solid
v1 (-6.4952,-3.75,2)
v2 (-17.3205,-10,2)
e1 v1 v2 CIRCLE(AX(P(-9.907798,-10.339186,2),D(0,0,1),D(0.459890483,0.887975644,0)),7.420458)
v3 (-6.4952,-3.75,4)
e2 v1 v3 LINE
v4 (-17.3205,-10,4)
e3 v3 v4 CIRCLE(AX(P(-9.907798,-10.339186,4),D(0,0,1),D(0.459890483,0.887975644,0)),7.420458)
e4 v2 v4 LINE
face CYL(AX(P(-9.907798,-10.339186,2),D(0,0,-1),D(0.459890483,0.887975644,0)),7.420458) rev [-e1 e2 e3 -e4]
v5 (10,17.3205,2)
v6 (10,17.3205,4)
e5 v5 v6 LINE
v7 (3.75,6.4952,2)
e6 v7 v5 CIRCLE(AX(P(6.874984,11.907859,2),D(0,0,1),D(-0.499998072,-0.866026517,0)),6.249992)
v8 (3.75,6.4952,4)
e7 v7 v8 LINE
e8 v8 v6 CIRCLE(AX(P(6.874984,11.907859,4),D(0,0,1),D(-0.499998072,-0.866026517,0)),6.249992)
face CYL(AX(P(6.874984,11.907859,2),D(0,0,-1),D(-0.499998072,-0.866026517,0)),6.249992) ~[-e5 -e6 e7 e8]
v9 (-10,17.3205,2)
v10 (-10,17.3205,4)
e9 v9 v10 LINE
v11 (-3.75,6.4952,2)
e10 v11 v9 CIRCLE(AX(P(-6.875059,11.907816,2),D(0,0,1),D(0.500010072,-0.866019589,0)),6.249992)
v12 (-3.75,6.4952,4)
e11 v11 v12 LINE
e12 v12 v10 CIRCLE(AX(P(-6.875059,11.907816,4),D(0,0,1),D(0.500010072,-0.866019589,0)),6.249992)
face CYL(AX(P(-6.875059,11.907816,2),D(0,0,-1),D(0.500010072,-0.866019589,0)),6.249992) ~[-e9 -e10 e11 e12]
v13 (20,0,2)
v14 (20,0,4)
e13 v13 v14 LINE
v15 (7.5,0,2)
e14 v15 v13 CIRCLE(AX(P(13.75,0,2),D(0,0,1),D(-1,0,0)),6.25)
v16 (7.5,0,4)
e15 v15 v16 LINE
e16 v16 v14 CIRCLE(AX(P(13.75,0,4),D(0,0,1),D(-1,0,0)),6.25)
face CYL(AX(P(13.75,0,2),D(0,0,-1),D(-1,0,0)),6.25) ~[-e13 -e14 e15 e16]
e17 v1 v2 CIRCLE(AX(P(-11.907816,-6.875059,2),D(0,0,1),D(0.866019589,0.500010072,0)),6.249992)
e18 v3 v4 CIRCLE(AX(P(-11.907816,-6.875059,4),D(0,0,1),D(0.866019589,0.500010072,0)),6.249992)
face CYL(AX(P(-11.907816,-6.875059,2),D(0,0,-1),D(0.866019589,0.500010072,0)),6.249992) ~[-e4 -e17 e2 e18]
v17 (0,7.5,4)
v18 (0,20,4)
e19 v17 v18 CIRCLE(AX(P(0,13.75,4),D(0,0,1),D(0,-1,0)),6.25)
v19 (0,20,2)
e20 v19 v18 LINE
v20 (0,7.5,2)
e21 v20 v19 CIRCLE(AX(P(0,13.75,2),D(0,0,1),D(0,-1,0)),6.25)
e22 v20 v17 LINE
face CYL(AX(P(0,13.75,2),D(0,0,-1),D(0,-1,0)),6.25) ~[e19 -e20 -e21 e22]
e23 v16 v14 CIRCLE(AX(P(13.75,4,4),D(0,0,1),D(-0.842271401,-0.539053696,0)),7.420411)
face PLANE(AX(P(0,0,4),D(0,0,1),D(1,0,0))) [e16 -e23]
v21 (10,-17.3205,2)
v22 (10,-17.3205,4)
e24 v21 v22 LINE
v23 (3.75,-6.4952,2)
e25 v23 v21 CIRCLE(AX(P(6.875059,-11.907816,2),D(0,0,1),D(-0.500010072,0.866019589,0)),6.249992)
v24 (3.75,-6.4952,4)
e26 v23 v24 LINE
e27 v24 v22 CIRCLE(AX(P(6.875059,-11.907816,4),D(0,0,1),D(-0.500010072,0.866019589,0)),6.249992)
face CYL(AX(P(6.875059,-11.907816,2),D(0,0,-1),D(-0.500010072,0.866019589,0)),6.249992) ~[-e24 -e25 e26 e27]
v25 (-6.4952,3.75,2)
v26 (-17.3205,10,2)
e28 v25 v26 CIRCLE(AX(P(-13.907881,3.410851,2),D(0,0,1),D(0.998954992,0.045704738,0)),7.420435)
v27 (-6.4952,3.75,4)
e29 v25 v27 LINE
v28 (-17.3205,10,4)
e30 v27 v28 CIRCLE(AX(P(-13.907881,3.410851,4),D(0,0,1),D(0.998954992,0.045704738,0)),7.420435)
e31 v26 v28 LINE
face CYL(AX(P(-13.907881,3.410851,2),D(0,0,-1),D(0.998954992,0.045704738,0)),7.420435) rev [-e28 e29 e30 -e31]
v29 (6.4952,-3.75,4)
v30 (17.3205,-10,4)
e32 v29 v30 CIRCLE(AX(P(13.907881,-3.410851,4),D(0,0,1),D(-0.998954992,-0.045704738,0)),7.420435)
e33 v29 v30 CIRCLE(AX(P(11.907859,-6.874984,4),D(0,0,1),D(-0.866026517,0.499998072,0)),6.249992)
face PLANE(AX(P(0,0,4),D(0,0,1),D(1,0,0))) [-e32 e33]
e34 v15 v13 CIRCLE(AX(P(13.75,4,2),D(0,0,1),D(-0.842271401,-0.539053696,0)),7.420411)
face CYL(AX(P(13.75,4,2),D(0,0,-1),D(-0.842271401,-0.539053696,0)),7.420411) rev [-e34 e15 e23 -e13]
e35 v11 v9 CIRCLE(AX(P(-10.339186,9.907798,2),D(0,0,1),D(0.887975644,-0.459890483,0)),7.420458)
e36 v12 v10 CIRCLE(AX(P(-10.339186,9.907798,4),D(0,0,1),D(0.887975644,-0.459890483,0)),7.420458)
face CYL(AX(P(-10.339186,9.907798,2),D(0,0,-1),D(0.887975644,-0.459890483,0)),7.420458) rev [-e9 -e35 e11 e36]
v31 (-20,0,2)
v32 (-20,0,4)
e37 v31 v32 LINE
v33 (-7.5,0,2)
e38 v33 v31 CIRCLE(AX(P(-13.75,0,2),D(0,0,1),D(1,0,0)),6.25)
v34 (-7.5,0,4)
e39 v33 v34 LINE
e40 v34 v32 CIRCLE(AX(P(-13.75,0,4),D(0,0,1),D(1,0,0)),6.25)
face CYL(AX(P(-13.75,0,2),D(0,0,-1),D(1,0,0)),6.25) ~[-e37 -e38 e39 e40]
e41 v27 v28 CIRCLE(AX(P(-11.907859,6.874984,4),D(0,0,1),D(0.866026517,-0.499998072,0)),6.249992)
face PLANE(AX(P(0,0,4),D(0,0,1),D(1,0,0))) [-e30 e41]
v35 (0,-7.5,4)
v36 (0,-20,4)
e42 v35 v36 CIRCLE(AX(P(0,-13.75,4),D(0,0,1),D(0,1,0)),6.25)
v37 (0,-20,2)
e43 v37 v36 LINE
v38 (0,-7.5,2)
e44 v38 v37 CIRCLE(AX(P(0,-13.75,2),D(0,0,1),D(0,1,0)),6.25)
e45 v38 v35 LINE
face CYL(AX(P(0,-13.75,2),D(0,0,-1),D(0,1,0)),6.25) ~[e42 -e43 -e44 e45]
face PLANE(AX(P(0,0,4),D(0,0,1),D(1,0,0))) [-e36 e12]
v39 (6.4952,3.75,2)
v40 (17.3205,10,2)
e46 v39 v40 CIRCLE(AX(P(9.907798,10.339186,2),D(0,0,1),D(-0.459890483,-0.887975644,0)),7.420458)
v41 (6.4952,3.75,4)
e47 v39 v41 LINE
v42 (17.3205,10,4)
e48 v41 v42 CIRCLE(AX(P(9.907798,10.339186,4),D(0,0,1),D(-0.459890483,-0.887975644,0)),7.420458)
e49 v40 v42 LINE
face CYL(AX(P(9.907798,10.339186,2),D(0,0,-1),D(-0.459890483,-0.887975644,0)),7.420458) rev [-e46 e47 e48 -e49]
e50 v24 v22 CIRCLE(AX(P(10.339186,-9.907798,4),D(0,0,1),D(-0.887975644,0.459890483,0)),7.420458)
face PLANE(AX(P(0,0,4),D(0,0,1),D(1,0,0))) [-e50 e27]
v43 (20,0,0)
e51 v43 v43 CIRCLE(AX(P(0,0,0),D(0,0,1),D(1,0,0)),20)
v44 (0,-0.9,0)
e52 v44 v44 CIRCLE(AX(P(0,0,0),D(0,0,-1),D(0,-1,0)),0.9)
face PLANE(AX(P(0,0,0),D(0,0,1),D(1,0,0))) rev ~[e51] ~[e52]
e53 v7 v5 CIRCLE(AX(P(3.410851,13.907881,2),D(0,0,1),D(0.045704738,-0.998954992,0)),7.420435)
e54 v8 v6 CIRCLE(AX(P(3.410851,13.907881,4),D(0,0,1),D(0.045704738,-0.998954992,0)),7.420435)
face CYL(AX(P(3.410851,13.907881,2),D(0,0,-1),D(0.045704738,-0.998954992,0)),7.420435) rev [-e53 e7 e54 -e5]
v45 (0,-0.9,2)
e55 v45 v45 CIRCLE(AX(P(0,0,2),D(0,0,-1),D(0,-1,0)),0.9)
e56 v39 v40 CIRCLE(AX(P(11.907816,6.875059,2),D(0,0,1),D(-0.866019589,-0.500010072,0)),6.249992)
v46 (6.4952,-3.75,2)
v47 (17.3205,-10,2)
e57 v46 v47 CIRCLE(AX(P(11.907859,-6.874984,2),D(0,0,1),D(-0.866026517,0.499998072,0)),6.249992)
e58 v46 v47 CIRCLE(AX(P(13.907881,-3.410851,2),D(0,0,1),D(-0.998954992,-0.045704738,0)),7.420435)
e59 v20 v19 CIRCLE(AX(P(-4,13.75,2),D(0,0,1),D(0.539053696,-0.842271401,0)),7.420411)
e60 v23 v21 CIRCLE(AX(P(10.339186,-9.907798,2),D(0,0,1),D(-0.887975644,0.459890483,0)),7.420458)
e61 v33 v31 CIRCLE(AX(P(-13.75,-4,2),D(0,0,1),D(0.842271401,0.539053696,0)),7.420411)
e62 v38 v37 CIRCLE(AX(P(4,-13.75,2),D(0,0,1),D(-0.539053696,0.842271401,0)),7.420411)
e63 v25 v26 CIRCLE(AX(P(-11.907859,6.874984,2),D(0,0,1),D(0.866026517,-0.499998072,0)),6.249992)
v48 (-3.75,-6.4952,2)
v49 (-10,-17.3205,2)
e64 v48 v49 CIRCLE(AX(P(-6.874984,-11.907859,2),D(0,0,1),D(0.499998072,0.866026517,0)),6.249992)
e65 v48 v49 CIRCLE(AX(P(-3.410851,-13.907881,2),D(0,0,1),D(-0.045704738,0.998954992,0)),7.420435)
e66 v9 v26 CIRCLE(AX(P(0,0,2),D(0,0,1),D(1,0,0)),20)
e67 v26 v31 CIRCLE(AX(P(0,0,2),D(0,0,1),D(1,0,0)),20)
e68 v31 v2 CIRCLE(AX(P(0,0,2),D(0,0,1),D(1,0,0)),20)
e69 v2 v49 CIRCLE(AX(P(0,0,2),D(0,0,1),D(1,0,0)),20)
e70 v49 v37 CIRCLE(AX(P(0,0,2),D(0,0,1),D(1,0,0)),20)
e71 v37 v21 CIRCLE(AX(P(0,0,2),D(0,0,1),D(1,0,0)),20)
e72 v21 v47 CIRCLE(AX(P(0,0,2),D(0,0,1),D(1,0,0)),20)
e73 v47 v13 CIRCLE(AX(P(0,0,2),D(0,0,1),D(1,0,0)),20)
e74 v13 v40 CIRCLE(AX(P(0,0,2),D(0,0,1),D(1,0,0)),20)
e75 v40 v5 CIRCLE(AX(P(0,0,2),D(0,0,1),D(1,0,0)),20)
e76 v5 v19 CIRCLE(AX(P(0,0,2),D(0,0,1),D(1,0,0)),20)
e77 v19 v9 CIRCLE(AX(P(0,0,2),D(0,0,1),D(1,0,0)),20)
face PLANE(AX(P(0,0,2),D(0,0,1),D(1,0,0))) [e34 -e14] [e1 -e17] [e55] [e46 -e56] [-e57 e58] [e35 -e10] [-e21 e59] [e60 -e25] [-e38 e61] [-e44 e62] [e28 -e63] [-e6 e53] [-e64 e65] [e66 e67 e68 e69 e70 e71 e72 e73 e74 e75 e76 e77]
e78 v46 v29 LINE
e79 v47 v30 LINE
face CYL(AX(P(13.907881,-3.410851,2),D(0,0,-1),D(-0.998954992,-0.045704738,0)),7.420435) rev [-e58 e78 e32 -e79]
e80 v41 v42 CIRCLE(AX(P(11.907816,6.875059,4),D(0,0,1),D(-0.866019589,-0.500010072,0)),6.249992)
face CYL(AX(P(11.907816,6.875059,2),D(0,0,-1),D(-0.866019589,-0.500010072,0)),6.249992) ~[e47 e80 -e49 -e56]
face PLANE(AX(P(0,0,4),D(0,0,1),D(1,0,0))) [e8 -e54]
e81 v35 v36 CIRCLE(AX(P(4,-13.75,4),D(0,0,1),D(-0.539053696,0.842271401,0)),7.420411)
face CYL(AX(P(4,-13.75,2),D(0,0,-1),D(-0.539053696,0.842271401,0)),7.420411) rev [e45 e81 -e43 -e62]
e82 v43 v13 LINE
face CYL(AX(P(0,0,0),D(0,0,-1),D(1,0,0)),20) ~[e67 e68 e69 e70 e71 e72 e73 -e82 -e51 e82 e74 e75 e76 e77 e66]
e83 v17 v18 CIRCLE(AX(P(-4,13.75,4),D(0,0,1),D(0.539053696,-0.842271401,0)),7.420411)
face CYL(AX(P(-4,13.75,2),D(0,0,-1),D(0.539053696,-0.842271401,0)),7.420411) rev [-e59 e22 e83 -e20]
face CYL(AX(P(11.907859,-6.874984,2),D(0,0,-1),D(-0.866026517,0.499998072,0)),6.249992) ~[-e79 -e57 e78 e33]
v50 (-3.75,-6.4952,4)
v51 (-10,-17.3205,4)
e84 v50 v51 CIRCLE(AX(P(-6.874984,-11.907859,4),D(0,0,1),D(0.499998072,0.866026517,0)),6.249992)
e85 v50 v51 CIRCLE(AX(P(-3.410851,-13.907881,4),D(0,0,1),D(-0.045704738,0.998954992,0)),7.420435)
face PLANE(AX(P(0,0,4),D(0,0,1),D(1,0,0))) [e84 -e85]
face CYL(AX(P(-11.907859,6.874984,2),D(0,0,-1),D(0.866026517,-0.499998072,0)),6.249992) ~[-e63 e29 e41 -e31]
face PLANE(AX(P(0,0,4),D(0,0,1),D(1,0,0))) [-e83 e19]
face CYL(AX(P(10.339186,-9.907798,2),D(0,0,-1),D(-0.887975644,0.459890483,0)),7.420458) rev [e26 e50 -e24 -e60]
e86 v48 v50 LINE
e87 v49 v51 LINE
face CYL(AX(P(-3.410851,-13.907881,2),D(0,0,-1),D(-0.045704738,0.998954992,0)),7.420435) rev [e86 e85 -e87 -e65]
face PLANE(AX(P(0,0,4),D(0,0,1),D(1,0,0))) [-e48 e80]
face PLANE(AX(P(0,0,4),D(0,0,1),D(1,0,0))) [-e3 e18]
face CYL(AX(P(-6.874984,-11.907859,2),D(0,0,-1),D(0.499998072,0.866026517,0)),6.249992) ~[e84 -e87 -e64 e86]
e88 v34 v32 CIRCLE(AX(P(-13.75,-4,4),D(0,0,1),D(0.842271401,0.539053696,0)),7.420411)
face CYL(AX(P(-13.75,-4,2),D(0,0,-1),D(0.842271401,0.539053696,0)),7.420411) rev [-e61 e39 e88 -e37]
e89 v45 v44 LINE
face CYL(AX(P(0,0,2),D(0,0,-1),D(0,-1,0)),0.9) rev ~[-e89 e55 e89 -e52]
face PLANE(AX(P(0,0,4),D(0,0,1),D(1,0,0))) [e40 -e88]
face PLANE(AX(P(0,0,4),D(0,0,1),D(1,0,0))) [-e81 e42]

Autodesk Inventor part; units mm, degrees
ref_plane "YZ Plane" through (0, 0, 0) normal (1, 0, 0) x (0, 1, 0)
ref_plane "XZ Plane" through (0, 0, 0) normal (0, 1, 0) x (-1, 0, 0)
ref_plane "XY Plane" through (0, 0, 0) normal (0, 0, 1) x (1, 0, 0)
sketch "スケッチ1" plane through (0, 0, 0) normal (0, 0, 1) x (1, 0, 0)
  circle A0 centre (0, 0) radius 20
  dimension "d0" = 40
extrude "押し出し1" add sketch "スケッチ1" along normal blind 2
sketch "スケッチ2" plane through (0, 0, 2) normal (0, 0, 1) x (1, 0, 0)
  circle A0 centre (0, 0) radius 7.5
  circle A1 centre (0, 0) radius 20 projected
  arc A2 (0, 7.5) -> (0, 20) centre (0, 13.75) ccw
  arc A3 (0, 7.5) -> (0, 20) centre (-4, 13.75) ccw
  arc A4 (-3.75, 6.4952) -> (-10, 17.3205) centre (-6.875, 11.9078) ccw
  arc A5 (-3.75, 6.4952) -> (-10, 17.3205) centre (-10.3391, 9.9078) ccw
  arc A6 (-6.4952, 3.75) -> (-17.3205, 10) centre (-11.9078, 6.875) ccw
  arc A7 (-6.4952, 3.75) -> (-17.3205, 10) centre (-13.9078, 3.4109) ccw
  arc A8 (-7.5, 0) -> (-20, 0) centre (-13.75, 0) ccw
  arc A9 (-7.5, 0) -> (-20, 0) centre (-13.75, -4) ccw
  arc A10 (-6.4952, -3.75) -> (-17.3205, -10) centre (-11.9078, -6.875) ccw
  arc A11 (-6.4952, -3.75) -> (-17.3205, -10) centre (-9.9078, -10.3391) ccw
  arc A12 (-3.75, -6.4952) -> (-10, -17.3205) centre (-6.875, -11.9078) ccw
  arc A13 (-3.75, -6.4952) -> (-10, -17.3205) centre (-3.4109, -13.9078) ccw
  arc A14 (0, -7.5) -> (0, -20) centre (0, -13.75) ccw
  arc A15 (0, -7.5) -> (0, -20) centre (4, -13.75) ccw
  arc A16 (3.75, -6.4952) -> (10, -17.3205) centre (6.875, -11.9078) ccw
  arc A17 (3.75, -6.4952) -> (10, -17.3205) centre (10.3391, -9.9078) ccw
  arc A18 (6.4952, -3.75) -> (17.3205, -10) centre (11.9078, -6.875) ccw
  arc A19 (6.4952, -3.75) -> (17.3205, -10) centre (13.9078, -3.4109) ccw
  arc A20 (7.5, 0) -> (20, 0) centre (13.75, 0) ccw
  arc A21 (7.5, 0) -> (20, 0) centre (13.75, 4) ccw
  arc A22 (6.4952, 3.75) -> (17.3205, 10) centre (11.9078, 6.875) ccw
  arc A23 (6.4952, 3.75) -> (17.3205, 10) centre (9.9078, 10.3391) ccw
  arc A24 (3.75, 6.4952) -> (10, 17.3205) centre (6.875, 11.9078) ccw
  arc A25 (3.75, 6.4952) -> (10, 17.3205) centre (3.4109, 13.9078) ccw
  dimension "d3" = 15
  dimension "d4" = 4
  dimension "d20" = 360
extrude "押し出し2" add sketch "スケッチ2" along normal blind 2 contours A21 A20 | A23 A22 | A19 A18 | A25 A24 | A17 A16 | A3 A2 | A15 A14 | A5 A4 | A13 A12 | A7 A6 | A11 A10 | A9 A8
sketch "スケッチ3" plane through (0, 0, 2) normal (0, 0, 1) x (1, 0, 0)
  point P0 (0, 0)
  point P1 (0, 0)
hole "穴1" at (0, 0, 2) direction (0, 0, -1) diameter 1.8 depth 8.8 tip angle 118
properties part number "20220618_ファン40mm羽数12枚2mm"
